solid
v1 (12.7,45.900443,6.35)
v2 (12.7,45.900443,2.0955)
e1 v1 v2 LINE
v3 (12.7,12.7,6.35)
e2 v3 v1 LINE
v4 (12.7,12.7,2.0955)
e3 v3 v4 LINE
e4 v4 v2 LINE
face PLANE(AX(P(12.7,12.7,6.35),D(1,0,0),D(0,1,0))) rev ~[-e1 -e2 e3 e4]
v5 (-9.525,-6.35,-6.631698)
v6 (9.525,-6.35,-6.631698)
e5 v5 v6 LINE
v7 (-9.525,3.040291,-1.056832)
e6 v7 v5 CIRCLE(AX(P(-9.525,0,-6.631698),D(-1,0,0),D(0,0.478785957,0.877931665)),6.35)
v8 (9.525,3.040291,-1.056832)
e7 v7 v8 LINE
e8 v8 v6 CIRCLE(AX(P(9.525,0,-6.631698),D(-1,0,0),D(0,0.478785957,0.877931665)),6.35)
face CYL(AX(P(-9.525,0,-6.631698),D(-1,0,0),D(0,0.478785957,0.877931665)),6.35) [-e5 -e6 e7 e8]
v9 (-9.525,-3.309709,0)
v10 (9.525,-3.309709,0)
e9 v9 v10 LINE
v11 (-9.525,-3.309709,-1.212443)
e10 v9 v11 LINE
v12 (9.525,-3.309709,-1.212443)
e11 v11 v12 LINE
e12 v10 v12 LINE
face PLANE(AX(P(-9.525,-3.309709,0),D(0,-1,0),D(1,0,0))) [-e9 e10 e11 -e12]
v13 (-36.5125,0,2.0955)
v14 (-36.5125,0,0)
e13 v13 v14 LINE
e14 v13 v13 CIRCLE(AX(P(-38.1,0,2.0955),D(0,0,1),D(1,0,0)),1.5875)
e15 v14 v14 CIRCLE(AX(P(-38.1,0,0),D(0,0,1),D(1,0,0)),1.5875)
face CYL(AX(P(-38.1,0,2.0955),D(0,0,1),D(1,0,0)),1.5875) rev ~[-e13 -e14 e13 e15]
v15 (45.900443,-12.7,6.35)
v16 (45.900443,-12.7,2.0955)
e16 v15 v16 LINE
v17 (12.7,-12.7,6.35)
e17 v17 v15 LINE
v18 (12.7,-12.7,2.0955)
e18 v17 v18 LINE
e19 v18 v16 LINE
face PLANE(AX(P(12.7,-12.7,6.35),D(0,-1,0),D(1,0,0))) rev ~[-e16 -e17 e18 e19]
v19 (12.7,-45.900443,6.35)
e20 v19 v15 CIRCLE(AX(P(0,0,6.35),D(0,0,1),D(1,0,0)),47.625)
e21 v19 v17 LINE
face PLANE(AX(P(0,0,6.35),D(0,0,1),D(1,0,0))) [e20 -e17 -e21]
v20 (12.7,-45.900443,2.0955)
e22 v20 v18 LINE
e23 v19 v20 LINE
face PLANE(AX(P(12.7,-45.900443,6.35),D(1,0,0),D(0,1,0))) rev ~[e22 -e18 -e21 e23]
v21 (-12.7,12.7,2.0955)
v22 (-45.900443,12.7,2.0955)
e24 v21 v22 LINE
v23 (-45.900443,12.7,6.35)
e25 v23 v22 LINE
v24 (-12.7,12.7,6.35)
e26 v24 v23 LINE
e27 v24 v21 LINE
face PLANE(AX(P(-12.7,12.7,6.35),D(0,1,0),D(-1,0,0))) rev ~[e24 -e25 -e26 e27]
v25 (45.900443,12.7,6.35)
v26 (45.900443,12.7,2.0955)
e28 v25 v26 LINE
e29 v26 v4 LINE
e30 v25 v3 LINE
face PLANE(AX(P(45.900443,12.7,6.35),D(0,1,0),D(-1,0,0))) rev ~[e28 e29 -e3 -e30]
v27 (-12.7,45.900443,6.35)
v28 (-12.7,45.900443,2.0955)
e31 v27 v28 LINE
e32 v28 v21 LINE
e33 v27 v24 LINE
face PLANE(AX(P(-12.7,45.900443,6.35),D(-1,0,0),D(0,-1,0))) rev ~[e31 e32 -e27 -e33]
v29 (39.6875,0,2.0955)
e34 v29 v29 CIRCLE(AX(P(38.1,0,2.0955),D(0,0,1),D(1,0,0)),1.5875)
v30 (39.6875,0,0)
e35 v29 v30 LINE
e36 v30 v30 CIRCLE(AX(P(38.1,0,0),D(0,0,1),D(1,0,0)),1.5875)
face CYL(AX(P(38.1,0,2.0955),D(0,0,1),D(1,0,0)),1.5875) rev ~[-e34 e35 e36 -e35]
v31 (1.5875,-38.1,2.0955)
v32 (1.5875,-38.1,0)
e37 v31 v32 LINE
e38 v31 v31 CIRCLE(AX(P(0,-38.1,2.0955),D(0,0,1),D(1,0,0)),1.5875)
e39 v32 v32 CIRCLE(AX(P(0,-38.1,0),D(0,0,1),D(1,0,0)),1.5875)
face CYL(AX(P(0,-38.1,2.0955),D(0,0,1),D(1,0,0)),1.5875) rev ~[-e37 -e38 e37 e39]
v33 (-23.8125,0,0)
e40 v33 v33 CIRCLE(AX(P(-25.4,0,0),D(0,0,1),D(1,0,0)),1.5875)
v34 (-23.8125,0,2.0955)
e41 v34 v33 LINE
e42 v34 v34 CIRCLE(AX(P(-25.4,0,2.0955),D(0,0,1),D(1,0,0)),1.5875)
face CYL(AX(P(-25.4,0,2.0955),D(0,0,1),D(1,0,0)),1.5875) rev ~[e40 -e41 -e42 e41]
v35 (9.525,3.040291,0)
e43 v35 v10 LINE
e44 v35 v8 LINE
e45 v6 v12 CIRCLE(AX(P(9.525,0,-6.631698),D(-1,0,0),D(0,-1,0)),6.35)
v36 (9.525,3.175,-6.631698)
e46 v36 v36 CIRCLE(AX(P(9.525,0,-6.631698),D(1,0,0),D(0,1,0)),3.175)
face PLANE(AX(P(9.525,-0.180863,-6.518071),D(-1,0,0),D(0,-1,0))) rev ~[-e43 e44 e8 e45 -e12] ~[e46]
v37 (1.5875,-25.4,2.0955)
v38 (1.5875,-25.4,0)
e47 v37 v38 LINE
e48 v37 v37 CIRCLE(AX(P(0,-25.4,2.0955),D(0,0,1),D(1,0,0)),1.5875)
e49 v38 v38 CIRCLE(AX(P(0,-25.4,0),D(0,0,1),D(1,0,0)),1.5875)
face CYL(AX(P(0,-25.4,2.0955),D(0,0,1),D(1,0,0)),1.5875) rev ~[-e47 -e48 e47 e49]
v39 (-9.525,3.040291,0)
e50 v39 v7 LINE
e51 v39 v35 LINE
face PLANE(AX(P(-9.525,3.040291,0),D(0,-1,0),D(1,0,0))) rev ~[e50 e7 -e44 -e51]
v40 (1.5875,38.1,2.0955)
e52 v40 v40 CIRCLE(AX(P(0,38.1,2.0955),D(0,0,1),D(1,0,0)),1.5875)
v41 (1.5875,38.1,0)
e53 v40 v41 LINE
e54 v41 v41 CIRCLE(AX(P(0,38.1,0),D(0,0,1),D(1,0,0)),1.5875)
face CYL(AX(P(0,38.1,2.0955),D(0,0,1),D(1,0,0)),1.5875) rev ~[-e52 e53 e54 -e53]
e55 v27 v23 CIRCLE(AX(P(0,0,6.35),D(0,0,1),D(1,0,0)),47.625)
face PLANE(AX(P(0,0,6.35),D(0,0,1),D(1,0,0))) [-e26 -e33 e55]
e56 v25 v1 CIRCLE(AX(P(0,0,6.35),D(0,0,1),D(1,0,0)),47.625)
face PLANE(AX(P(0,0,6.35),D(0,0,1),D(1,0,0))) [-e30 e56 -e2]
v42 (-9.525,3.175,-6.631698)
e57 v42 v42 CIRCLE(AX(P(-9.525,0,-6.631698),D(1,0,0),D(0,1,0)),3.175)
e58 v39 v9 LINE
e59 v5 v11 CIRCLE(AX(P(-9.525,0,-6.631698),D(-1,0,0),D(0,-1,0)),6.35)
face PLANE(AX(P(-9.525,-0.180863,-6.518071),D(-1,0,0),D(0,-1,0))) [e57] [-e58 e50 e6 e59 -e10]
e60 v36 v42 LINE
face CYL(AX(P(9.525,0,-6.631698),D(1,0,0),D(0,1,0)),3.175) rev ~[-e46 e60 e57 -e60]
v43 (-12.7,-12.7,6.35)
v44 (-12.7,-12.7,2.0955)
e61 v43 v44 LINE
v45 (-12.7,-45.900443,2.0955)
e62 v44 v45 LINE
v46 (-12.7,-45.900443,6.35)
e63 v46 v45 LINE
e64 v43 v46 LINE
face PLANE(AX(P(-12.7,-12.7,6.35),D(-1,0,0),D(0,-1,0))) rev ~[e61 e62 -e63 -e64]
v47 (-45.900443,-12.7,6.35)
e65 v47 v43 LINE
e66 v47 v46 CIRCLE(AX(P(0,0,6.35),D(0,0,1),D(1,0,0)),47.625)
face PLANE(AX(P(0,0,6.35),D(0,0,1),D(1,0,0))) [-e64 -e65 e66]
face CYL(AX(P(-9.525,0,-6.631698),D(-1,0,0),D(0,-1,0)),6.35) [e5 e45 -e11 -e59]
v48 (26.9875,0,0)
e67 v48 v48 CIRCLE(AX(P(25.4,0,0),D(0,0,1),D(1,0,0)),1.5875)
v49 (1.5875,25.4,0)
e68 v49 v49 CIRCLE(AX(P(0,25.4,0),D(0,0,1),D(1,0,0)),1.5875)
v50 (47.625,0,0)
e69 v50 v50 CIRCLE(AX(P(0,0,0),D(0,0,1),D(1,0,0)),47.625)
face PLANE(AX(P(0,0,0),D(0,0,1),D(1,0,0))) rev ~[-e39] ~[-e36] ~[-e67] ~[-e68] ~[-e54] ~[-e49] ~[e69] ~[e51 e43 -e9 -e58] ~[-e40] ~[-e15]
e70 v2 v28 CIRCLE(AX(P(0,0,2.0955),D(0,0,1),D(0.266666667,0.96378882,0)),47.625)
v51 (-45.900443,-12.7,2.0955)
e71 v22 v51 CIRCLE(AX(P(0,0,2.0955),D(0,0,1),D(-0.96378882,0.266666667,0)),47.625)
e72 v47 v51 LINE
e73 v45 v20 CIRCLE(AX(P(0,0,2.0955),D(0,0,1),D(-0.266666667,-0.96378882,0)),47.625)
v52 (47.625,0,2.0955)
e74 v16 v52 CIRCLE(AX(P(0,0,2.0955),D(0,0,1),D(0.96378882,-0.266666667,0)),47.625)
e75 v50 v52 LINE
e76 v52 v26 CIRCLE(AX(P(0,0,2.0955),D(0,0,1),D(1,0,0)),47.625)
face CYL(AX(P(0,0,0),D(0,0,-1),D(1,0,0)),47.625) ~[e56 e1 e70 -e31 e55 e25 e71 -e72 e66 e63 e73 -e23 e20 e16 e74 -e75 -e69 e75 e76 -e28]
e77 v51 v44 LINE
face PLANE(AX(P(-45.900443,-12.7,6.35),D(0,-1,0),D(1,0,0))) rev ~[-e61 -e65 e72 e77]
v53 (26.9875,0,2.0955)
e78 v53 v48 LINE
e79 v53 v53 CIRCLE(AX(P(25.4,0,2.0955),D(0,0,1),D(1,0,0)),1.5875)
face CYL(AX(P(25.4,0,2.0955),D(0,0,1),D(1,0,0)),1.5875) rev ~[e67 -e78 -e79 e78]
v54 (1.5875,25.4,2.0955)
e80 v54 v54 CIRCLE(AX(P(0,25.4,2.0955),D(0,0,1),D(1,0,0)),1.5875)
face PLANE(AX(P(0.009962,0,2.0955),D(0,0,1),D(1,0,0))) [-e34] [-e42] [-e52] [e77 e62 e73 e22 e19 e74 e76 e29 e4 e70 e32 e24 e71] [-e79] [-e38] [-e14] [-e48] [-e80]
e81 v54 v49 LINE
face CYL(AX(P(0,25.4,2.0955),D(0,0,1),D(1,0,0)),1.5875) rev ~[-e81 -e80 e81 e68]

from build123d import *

# Parameters (mm, degrees)
F0_R      = 47.625
F1_DEPTH  = 6.35
F3_DEPTH  = 4.2545
F5_W      = 19.05
F5_H      = 6.35
F6_DEPTH  = 6.35
F8_DEPTH  = 19.05
F9_R      = 3.175
F10_DEPTH = 19.05
F4_R      = 1.5875
F11_DEPTH = 25.4


with BuildPart() as f1:
    # F0 (on Top) → F1 (new body)
    with BuildSketch(Plane.XY):
        Circle(F0_R)
    extrude(amount=F1_DEPTH)

    # F2 (on face) → F3 (cut)
    with BuildSketch(Plane.XY.offset(6.35)):
        with BuildLine():
            ThreePointArc((12.7, 45.900442536), (0, 47.625), (-12.7, 45.900442536))
            Line((-12.7, 45.900442536), (-12.7, 12.7))
            Line((-12.7, 12.7), (-45.900442536, 12.7))
            ThreePointArc((-45.900442536, 12.7), (-47.625, 0), (-45.900442536, -12.7))
            Line((-45.900442536, -12.7), (-12.7, -12.7))
            Line((-12.7, -12.7), (-12.7, -45.900442536))
            ThreePointArc((-12.7, -45.900442536), (0, -47.625), (12.7, -45.900442536))
            Line((12.7, -45.900442536), (12.7, -12.7))
            Line((12.7, -12.7), (45.900442536, -12.7))
            ThreePointArc((45.900442536, -12.7), (47.1918912567, -6.4082778195), (47.625, 0))
            ThreePointArc((47.625, 0), (47.1918912567, 6.4082778195), (45.900442536, 12.7))
            Line((45.900442536, 12.7), (12.7, 12.7))
            Line((12.7, 12.7), (12.7, 45.900442536))
        make_face()
    extrude(amount=-F3_DEPTH, mode=Mode.SUBTRACT)

    # F5 (on face) → F6 (join)
    with BuildSketch(Plane(origin=(0, 0, 0), x_dir=(1, 0, 0), z_dir=(0, 0, -1))):
        with Locations((0, 0.1347091747)):
            Rectangle(F5_W, F5_H)
    extrude(amount=F6_DEPTH)

    # F7 (on face) → F8 (join)
    with BuildSketch(Plane(origin=(-9.525, 0, 0), x_dir=(0, -1, 0), z_dir=(-1, 0, 0))):
        with BuildLine():
            ThreePointArc((-3.0402908253, -1.0568323894), (-3.2416549215, -12.0919341109), (6.35, -6.6316984594))
            ThreePointArc((6.35, -6.6316984594), (5.5380119745, -3.5247830485), (3.3097091747, -1.2124434203))
            Line((3.3097091747, -1.2124434203), (3.3097091747, -6.35))
            Line((3.3097091747, -6.35), (-3.0402908253, -6.35))
            Line((-3.0402908253, -6.35), (-3.0402908253, -1.0568323894))
        make_face()
    extrude(amount=-F8_DEPTH)

    # F9 (on face) → F10 (cut)
    with BuildSketch(Plane.YZ.offset(9.525)):
        with Locations((0, -6.6316984594)):
            Circle(F9_R)
    extrude(amount=-F10_DEPTH, mode=Mode.SUBTRACT)

    # F4 (on face) → F11 (cut)
    with BuildSketch(Plane.XY.offset(2.0955)):
        with Locations((-38.1, 0)):
            Circle(F4_R)
        with Locations((-25.4, 0)):
            Circle(F4_R)
        with Locations((0, -25.4)):
            Circle(F4_R)
        with Locations((0, -38.1)):
            Circle(F4_R)
        with Locations((25.4, 0)):
            Circle(F4_R)
        with Locations((38.1, 0)):
            Circle(F4_R)
        with Locations((0, 25.4)):
            Circle(F4_R)
        with Locations((0, 38.1)):
            Circle(F4_R)
    extrude(amount=-F11_DEPTH, mode=Mode.SUBTRACT)


solid = f1.part
